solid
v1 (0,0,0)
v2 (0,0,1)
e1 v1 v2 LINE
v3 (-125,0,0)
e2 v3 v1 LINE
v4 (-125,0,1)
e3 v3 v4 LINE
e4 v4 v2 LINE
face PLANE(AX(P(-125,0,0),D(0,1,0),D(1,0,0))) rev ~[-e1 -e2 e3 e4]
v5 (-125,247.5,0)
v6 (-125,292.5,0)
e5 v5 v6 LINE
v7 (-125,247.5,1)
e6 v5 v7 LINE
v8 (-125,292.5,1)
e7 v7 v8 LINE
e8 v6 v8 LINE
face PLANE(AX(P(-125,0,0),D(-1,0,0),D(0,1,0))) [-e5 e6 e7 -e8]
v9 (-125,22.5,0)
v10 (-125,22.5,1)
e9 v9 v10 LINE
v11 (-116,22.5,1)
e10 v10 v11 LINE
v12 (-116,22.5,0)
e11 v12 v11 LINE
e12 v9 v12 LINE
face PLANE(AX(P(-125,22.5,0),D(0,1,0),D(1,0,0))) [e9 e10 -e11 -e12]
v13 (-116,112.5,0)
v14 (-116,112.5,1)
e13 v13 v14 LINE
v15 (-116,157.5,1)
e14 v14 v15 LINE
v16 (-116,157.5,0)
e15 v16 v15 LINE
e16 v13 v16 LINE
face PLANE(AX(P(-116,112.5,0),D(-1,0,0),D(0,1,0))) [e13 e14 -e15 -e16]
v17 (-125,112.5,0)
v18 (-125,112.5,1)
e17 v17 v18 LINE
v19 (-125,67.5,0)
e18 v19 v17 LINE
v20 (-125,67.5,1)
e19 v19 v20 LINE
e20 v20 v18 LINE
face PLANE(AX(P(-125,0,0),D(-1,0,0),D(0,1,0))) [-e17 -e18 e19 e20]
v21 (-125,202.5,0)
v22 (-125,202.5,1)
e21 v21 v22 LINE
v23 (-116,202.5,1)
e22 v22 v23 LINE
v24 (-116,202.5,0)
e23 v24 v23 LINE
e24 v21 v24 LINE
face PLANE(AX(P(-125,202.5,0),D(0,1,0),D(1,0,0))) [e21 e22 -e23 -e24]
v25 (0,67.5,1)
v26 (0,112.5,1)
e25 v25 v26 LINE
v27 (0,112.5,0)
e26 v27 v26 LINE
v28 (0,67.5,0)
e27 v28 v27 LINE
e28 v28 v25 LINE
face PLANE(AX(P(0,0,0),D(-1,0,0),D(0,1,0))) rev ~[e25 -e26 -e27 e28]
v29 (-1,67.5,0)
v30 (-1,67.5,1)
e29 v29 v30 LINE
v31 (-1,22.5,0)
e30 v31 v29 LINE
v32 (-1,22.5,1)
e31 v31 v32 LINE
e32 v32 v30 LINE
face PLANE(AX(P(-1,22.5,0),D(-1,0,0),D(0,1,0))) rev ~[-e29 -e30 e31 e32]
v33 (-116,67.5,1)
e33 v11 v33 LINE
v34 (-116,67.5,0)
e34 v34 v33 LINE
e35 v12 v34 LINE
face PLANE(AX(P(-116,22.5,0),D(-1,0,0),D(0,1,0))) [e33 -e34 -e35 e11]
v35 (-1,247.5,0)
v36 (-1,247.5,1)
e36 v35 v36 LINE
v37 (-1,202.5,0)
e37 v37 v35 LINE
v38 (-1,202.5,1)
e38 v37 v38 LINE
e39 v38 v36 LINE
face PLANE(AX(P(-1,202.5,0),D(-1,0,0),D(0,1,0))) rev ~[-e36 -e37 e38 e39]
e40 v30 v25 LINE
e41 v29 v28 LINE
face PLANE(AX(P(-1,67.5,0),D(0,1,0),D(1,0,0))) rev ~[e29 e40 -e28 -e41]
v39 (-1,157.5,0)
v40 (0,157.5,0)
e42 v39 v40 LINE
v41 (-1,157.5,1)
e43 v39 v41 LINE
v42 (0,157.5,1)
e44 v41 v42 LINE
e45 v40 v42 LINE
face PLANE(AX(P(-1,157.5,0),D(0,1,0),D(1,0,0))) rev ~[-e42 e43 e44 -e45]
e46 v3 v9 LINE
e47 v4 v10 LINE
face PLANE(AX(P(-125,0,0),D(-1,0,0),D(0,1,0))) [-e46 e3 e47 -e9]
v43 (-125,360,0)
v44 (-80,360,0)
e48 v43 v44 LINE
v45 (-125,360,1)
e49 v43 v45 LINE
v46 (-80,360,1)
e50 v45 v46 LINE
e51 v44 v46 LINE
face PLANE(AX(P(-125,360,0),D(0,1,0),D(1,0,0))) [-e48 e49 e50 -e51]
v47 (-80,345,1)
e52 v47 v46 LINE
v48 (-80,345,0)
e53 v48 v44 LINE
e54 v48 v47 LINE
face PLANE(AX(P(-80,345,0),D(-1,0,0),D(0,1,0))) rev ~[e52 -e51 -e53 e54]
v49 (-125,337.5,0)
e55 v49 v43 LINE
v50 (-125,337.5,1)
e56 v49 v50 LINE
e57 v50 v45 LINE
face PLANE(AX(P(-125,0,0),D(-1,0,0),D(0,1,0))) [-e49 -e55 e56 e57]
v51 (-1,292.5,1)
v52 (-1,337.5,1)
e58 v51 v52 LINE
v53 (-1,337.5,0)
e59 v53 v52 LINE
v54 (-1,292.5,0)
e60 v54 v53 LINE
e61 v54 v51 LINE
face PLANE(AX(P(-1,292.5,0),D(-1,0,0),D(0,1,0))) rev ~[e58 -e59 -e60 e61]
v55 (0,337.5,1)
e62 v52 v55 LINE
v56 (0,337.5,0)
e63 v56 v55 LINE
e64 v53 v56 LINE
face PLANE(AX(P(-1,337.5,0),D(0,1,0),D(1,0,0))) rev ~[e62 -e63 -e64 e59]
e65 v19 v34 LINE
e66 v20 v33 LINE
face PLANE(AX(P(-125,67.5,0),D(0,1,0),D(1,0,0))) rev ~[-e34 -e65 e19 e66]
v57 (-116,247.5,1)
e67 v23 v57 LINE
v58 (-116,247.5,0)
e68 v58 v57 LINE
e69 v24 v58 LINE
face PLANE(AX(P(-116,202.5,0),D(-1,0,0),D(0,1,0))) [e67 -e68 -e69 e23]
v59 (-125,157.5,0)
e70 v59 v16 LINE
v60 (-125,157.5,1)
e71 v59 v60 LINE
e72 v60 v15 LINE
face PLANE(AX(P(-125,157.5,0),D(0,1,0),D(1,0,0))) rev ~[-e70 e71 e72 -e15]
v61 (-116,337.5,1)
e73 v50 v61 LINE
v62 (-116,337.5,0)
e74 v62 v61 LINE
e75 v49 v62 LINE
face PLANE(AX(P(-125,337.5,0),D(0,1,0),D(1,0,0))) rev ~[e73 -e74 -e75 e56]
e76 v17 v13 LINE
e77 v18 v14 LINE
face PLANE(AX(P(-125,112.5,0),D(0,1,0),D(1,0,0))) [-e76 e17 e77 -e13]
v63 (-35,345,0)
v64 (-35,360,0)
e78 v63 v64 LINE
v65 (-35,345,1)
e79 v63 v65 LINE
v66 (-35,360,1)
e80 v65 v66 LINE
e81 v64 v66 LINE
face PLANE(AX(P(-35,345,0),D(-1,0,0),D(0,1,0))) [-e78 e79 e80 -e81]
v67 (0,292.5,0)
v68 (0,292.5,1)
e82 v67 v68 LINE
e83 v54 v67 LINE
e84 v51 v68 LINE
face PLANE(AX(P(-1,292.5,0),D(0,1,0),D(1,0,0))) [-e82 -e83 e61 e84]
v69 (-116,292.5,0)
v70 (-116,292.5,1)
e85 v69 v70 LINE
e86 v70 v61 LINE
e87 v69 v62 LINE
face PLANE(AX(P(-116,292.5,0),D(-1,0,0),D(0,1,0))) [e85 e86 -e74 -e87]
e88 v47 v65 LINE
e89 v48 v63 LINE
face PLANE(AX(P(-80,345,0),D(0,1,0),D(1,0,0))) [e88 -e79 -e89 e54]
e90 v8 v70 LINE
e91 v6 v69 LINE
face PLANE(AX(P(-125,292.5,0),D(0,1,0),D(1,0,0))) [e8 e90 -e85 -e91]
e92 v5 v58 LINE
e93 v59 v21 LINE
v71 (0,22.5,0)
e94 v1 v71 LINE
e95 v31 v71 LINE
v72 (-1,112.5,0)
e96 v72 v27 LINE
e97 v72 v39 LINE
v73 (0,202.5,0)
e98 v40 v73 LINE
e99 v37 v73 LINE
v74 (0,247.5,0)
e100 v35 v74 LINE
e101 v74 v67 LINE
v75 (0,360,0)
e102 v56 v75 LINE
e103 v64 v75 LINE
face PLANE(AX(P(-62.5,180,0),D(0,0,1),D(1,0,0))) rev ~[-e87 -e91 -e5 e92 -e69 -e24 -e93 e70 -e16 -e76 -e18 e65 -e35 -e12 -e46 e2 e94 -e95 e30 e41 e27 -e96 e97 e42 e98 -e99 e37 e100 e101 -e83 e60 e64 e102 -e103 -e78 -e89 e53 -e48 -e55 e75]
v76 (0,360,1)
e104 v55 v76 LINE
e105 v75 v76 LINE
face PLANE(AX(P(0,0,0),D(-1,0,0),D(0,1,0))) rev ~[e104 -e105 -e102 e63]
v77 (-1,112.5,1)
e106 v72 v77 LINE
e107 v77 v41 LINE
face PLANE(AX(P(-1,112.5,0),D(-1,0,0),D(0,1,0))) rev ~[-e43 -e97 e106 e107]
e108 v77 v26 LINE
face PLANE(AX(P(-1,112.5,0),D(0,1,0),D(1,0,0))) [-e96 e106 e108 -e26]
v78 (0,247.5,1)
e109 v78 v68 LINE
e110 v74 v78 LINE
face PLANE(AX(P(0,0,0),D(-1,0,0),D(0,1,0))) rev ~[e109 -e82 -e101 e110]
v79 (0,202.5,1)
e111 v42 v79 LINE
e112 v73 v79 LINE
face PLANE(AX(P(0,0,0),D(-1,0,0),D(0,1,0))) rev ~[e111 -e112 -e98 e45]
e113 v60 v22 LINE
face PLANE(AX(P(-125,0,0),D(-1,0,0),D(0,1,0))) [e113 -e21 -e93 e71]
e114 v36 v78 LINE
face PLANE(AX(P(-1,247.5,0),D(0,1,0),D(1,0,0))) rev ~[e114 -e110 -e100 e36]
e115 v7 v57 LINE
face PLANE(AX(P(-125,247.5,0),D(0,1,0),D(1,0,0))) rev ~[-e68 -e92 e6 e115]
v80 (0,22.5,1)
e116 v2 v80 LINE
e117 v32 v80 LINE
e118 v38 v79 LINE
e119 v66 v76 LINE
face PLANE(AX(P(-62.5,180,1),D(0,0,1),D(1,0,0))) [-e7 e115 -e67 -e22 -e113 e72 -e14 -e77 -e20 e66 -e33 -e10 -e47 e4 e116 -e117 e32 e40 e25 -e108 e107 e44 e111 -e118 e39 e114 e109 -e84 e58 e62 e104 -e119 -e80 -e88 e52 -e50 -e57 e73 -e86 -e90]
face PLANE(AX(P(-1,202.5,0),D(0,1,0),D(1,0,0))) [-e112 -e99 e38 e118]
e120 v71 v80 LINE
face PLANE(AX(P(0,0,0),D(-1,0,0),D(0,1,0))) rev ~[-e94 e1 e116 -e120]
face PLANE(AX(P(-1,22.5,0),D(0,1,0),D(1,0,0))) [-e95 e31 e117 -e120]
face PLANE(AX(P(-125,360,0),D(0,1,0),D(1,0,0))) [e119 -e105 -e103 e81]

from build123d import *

# Parameters (mm, degrees)
BOX010_W         = 45
BOX010_H         = 15
BOX010_DEPTH     = 1
BOX013_W         = 9
BOX013_H         = 45
BOX013_DEPTH     = 1
ARRAY004_Y_COUNT = 4
ARRAY004_Y_PITCH = 90
BOX014_W         = 1
BOX014_H         = 45
BOX014_DEPTH     = 1
ARRAY003_Y_COUNT = 4
ARRAY003_Y_PITCH = 90
BOX016_W         = 125
BOX016_H         = 360
BOX016_DEPTH     = 1


with BuildPart() as box010:
    # Box010 → Box010 (new body)
    with BuildSketch(Plane(origin=(-80, 345, 0), x_dir=(1, 0, 0), z_dir=(0, 0, 1))):
        with Locations((22.5, 7.5)):
            Rectangle(BOX010_W, BOX010_H)
    extrude(amount=BOX010_DEPTH)


with BuildPart() as array004:
    # Box013 → Box013 (new body)
    with BuildSketch(Plane(origin=(-125, 0, 0), x_dir=(1, 0, 0), z_dir=(0, 0, 1))):
        with Locations((4.5, 22.5)):
            Rectangle(BOX013_W, BOX013_H)
    extrude(amount=BOX013_DEPTH)

    # Array004 Y: Array004 ×4


with BuildPart() as array004_1:
    add(array004.part)
    with Locations(*[(0, i * ARRAY004_Y_PITCH, 0) for i in range(1, ARRAY004_Y_COUNT)]):
        add(array004.part)


with BuildPart() as array004_2:
    # Array004 placement: moved
    add(array004_1.part.moved(Location((0, 22.5, 0))))


with BuildPart() as array003:
    # Box014 → Box014 (new body)
    with BuildSketch(Plane(origin=(-1, 0, 0), x_dir=(1, 0, 0), z_dir=(0, 0, 1))):
        with Locations((0.5, 22.5)):
            Rectangle(BOX014_W, BOX014_H)
    extrude(amount=BOX014_DEPTH)

    # Array003 Y: Array003 ×4


with BuildPart() as array003_1:
    add(array003.part)
    with Locations(*[(0, i * ARRAY003_Y_PITCH, 0) for i in range(1, ARRAY003_Y_COUNT)]):
        add(array003.part)


with BuildPart() as array003_2:
    # Array003 placement: moved
    add(array003_1.part.moved(Location((0, 22.5, 0))))


with BuildPart() as cut002008005:
    # Box016 → Box016 (new body)
    with BuildSketch(Plane(origin=(-125, 0, 0), x_dir=(1, 0, 0), z_dir=(0, 0, 1))):
        with Locations((62.5, 180)):
            Rectangle(BOX016_W, BOX016_H)
    extrude(amount=BOX016_DEPTH)

    # Cut002008003: cut Array003
    add(array003_2.part, mode=Mode.SUBTRACT)

    # Cut002008004: cut Array004
    add(array004_2.part, mode=Mode.SUBTRACT)

    # Cut002008005: cut Box010
    add(box010.part, mode=Mode.SUBTRACT)


solid = cut002008005.part
